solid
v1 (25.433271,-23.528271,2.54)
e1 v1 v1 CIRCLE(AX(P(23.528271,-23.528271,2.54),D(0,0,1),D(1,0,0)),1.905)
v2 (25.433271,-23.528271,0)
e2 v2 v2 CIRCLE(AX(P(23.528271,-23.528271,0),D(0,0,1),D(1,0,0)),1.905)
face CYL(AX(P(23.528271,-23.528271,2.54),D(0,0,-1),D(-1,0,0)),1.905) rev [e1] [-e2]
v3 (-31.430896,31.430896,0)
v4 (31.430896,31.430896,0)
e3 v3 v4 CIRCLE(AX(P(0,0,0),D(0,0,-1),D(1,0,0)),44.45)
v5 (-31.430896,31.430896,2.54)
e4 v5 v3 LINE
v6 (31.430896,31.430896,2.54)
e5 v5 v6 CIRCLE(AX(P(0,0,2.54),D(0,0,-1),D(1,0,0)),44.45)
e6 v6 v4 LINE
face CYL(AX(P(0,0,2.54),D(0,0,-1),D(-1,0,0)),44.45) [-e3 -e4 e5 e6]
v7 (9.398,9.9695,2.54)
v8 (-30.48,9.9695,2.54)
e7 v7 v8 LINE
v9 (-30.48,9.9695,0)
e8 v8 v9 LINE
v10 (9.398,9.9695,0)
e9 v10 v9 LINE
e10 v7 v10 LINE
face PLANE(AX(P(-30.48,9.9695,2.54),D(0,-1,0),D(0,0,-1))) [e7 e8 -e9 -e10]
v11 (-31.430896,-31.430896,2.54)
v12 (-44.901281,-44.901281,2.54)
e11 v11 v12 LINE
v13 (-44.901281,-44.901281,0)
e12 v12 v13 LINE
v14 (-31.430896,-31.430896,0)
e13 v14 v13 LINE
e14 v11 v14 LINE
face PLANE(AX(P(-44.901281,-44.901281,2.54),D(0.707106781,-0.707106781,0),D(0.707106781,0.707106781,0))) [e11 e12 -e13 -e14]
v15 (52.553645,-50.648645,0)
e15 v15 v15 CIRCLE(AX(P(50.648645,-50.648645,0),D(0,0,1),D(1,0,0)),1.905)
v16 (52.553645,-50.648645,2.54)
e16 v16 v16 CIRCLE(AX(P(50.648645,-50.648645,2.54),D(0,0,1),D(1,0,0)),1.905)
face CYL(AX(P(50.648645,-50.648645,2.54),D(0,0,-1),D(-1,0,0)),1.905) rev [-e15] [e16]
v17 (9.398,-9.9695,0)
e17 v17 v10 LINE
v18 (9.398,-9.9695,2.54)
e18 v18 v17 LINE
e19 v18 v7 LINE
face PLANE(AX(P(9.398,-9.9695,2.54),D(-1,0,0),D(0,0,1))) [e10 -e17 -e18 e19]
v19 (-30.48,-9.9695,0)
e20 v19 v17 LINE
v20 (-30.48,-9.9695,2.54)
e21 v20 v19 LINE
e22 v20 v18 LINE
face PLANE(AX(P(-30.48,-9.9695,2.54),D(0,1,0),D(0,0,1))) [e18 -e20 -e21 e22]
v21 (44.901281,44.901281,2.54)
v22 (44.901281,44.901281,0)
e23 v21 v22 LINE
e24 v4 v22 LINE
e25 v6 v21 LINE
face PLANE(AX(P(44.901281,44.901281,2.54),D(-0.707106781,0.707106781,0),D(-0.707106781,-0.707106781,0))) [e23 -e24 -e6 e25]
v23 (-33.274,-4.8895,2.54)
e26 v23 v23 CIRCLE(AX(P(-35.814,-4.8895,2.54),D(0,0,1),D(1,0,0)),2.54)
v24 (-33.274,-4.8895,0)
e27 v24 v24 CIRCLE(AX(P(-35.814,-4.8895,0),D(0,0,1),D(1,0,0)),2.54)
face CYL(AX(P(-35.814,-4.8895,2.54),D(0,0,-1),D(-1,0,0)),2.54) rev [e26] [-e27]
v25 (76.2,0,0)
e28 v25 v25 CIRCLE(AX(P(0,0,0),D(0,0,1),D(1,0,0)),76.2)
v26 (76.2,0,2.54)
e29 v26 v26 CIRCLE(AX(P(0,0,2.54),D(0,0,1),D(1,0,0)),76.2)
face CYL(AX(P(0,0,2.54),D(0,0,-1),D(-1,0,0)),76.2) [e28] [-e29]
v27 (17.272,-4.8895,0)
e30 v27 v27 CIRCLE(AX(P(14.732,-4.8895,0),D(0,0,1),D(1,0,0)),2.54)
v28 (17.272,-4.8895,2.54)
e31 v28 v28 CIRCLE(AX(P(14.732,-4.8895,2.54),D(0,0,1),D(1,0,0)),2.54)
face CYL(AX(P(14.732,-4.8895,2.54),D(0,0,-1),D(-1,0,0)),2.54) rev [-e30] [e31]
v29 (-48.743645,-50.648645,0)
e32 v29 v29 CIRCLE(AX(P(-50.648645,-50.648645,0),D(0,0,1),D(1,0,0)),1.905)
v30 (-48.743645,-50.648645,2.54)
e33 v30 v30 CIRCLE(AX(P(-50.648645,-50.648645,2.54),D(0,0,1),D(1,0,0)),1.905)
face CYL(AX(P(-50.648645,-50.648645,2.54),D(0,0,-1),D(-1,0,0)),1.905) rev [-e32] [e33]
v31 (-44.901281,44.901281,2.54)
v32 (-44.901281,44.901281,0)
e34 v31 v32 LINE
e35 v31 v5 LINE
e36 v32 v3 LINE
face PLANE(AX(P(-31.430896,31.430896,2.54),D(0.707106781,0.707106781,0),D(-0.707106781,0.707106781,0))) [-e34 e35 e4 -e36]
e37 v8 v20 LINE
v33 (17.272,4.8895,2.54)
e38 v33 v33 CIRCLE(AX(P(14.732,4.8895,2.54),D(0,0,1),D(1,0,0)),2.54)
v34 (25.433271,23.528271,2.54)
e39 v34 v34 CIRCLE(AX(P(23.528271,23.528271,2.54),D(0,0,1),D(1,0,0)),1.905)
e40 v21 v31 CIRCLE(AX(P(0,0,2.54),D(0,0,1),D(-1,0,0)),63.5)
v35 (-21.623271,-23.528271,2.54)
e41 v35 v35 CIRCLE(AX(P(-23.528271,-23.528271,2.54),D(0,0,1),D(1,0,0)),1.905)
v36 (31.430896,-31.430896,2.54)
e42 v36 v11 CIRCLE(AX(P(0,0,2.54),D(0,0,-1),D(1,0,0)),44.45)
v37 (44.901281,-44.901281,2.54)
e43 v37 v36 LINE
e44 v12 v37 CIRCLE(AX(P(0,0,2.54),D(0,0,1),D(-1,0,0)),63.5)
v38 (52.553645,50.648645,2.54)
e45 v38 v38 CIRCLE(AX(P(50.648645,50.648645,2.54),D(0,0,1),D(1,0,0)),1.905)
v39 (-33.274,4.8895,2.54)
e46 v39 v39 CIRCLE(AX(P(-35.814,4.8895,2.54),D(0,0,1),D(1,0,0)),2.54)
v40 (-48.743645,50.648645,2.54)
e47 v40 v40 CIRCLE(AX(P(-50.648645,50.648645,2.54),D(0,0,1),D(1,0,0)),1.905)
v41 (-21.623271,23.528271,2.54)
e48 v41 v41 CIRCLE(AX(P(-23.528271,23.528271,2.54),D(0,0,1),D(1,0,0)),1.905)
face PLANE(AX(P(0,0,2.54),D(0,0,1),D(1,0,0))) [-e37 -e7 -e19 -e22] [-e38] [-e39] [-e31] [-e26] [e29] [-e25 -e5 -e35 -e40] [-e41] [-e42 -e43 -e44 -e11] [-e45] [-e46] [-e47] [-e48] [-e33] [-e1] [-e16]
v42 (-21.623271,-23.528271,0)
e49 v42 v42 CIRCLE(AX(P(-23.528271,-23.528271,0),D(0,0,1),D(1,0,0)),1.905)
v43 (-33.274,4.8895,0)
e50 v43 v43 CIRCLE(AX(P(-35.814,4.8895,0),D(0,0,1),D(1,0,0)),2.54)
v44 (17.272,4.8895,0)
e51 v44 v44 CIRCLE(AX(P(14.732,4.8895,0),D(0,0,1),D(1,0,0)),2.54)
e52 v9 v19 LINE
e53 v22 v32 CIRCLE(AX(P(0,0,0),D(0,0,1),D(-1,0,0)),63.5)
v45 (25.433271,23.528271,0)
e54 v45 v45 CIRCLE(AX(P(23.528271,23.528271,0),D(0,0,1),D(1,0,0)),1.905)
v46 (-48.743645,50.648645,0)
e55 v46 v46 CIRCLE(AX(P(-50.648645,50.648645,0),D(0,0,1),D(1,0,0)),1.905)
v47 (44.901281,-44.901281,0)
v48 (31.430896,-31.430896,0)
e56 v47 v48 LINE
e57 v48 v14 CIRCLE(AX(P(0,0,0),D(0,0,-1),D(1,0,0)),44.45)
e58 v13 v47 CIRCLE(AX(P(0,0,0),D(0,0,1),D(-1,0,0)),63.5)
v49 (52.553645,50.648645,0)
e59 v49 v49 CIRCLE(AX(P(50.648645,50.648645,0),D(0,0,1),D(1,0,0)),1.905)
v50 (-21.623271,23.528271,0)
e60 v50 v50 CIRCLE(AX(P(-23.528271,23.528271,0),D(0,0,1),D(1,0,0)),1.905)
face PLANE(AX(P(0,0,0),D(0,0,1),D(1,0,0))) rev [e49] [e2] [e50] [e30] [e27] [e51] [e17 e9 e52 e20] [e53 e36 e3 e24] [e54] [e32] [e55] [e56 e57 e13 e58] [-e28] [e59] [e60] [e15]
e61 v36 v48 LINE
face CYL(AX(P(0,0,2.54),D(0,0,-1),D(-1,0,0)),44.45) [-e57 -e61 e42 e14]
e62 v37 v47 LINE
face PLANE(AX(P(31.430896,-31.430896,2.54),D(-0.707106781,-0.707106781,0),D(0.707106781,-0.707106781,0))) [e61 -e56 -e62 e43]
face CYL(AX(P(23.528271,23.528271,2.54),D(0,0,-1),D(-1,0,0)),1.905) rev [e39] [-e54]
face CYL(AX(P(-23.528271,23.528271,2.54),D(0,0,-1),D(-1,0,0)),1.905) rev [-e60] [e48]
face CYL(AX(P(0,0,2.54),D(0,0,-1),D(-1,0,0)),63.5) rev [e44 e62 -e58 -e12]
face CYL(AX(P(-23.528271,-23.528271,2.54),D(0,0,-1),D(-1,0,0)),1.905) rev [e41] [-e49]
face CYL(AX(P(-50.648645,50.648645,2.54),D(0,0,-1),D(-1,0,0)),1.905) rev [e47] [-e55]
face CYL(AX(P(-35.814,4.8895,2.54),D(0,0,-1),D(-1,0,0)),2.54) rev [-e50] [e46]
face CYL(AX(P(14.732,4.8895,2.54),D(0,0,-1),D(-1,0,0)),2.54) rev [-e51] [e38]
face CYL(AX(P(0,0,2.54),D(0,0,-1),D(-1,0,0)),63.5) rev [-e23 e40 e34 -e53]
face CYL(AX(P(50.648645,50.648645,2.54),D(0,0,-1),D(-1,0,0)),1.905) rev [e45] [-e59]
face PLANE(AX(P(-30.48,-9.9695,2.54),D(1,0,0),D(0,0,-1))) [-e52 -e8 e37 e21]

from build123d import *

# Parameters (mm, degrees)
SKETCH1_R           = 76.2
SKETCH1_R_2         = 2.54
SKETCH1_R_3         = 1.905
SKETCH1_W           = 39.878
SKETCH1_H           = 19.939
BOSS_EXTRUDE1_DEPTH = 2.54


with BuildPart() as part:
    # Sketch1 → Boss-Extrude1 (new body)
    with BuildSketch(Plane.XY):
        Circle(SKETCH1_R)
        with Locations((14.732, -4.8895)):
            Circle(SKETCH1_R_2, mode=Mode.SUBTRACT)
        with Locations((14.732, 4.8895)):
            Circle(SKETCH1_R_2, mode=Mode.SUBTRACT)
        with Locations((-35.814, 4.8895)):
            Circle(SKETCH1_R_2, mode=Mode.SUBTRACT)
        with Locations((-35.814, -4.8895)):
            Circle(SKETCH1_R_2, mode=Mode.SUBTRACT)
        with Locations((23.528271037, 23.528271037)):
            Circle(SKETCH1_R_3, mode=Mode.SUBTRACT)
        with Locations((23.528271037, -23.528271037)):
            Circle(SKETCH1_R_3, mode=Mode.SUBTRACT)
        with Locations((-23.528271037, -23.528271037)):
            Circle(SKETCH1_R_3, mode=Mode.SUBTRACT)
        with Locations((-23.528271037, 23.528271037)):
            Circle(SKETCH1_R_3, mode=Mode.SUBTRACT)
        with Locations((50.648644523, 50.648644523)):
            Circle(SKETCH1_R_3, mode=Mode.SUBTRACT)
        with Locations((50.648644523, -50.648644523)):
            Circle(SKETCH1_R_3, mode=Mode.SUBTRACT)
        with Locations((-50.648644523, -50.648644523)):
            Circle(SKETCH1_R_3, mode=Mode.SUBTRACT)
        with Locations((-50.648644523, 50.648644523)):
            Circle(SKETCH1_R_3, mode=Mode.SUBTRACT)
        with Locations((-10.541, 0)):
            Rectangle(SKETCH1_W, SKETCH1_H, mode=Mode.SUBTRACT)
        with BuildLine():
            Line((-44.901280605, -44.901280605), (-31.430896424, -31.430896424))
            ThreePointArc((-31.430896424, -31.430896424), (0, -44.45), (31.430896424, -31.430896424))
            Line((31.430896424, -31.430896424), (44.901280605, -44.901280605))
            ThreePointArc((44.901280605, -44.901280605), (0, -63.5), (-44.901280605, -44.901280605))
        make_face(mode=Mode.SUBTRACT)
        with BuildLine():
            Line((44.901280605, 44.901280605), (31.430896424, 31.430896424))
            ThreePointArc((31.430896424, 31.430896424), (0, 44.45), (-31.430896424, 31.430896424))
            Line((-31.430896424, 31.430896424), (-44.901280605, 44.901280605))
            ThreePointArc((-44.901280605, 44.901280605), (0, 63.5), (44.901280605, 44.901280605))
        make_face(mode=Mode.SUBTRACT)
    extrude(amount=BOSS_EXTRUDE1_DEPTH)


solid = part.part
